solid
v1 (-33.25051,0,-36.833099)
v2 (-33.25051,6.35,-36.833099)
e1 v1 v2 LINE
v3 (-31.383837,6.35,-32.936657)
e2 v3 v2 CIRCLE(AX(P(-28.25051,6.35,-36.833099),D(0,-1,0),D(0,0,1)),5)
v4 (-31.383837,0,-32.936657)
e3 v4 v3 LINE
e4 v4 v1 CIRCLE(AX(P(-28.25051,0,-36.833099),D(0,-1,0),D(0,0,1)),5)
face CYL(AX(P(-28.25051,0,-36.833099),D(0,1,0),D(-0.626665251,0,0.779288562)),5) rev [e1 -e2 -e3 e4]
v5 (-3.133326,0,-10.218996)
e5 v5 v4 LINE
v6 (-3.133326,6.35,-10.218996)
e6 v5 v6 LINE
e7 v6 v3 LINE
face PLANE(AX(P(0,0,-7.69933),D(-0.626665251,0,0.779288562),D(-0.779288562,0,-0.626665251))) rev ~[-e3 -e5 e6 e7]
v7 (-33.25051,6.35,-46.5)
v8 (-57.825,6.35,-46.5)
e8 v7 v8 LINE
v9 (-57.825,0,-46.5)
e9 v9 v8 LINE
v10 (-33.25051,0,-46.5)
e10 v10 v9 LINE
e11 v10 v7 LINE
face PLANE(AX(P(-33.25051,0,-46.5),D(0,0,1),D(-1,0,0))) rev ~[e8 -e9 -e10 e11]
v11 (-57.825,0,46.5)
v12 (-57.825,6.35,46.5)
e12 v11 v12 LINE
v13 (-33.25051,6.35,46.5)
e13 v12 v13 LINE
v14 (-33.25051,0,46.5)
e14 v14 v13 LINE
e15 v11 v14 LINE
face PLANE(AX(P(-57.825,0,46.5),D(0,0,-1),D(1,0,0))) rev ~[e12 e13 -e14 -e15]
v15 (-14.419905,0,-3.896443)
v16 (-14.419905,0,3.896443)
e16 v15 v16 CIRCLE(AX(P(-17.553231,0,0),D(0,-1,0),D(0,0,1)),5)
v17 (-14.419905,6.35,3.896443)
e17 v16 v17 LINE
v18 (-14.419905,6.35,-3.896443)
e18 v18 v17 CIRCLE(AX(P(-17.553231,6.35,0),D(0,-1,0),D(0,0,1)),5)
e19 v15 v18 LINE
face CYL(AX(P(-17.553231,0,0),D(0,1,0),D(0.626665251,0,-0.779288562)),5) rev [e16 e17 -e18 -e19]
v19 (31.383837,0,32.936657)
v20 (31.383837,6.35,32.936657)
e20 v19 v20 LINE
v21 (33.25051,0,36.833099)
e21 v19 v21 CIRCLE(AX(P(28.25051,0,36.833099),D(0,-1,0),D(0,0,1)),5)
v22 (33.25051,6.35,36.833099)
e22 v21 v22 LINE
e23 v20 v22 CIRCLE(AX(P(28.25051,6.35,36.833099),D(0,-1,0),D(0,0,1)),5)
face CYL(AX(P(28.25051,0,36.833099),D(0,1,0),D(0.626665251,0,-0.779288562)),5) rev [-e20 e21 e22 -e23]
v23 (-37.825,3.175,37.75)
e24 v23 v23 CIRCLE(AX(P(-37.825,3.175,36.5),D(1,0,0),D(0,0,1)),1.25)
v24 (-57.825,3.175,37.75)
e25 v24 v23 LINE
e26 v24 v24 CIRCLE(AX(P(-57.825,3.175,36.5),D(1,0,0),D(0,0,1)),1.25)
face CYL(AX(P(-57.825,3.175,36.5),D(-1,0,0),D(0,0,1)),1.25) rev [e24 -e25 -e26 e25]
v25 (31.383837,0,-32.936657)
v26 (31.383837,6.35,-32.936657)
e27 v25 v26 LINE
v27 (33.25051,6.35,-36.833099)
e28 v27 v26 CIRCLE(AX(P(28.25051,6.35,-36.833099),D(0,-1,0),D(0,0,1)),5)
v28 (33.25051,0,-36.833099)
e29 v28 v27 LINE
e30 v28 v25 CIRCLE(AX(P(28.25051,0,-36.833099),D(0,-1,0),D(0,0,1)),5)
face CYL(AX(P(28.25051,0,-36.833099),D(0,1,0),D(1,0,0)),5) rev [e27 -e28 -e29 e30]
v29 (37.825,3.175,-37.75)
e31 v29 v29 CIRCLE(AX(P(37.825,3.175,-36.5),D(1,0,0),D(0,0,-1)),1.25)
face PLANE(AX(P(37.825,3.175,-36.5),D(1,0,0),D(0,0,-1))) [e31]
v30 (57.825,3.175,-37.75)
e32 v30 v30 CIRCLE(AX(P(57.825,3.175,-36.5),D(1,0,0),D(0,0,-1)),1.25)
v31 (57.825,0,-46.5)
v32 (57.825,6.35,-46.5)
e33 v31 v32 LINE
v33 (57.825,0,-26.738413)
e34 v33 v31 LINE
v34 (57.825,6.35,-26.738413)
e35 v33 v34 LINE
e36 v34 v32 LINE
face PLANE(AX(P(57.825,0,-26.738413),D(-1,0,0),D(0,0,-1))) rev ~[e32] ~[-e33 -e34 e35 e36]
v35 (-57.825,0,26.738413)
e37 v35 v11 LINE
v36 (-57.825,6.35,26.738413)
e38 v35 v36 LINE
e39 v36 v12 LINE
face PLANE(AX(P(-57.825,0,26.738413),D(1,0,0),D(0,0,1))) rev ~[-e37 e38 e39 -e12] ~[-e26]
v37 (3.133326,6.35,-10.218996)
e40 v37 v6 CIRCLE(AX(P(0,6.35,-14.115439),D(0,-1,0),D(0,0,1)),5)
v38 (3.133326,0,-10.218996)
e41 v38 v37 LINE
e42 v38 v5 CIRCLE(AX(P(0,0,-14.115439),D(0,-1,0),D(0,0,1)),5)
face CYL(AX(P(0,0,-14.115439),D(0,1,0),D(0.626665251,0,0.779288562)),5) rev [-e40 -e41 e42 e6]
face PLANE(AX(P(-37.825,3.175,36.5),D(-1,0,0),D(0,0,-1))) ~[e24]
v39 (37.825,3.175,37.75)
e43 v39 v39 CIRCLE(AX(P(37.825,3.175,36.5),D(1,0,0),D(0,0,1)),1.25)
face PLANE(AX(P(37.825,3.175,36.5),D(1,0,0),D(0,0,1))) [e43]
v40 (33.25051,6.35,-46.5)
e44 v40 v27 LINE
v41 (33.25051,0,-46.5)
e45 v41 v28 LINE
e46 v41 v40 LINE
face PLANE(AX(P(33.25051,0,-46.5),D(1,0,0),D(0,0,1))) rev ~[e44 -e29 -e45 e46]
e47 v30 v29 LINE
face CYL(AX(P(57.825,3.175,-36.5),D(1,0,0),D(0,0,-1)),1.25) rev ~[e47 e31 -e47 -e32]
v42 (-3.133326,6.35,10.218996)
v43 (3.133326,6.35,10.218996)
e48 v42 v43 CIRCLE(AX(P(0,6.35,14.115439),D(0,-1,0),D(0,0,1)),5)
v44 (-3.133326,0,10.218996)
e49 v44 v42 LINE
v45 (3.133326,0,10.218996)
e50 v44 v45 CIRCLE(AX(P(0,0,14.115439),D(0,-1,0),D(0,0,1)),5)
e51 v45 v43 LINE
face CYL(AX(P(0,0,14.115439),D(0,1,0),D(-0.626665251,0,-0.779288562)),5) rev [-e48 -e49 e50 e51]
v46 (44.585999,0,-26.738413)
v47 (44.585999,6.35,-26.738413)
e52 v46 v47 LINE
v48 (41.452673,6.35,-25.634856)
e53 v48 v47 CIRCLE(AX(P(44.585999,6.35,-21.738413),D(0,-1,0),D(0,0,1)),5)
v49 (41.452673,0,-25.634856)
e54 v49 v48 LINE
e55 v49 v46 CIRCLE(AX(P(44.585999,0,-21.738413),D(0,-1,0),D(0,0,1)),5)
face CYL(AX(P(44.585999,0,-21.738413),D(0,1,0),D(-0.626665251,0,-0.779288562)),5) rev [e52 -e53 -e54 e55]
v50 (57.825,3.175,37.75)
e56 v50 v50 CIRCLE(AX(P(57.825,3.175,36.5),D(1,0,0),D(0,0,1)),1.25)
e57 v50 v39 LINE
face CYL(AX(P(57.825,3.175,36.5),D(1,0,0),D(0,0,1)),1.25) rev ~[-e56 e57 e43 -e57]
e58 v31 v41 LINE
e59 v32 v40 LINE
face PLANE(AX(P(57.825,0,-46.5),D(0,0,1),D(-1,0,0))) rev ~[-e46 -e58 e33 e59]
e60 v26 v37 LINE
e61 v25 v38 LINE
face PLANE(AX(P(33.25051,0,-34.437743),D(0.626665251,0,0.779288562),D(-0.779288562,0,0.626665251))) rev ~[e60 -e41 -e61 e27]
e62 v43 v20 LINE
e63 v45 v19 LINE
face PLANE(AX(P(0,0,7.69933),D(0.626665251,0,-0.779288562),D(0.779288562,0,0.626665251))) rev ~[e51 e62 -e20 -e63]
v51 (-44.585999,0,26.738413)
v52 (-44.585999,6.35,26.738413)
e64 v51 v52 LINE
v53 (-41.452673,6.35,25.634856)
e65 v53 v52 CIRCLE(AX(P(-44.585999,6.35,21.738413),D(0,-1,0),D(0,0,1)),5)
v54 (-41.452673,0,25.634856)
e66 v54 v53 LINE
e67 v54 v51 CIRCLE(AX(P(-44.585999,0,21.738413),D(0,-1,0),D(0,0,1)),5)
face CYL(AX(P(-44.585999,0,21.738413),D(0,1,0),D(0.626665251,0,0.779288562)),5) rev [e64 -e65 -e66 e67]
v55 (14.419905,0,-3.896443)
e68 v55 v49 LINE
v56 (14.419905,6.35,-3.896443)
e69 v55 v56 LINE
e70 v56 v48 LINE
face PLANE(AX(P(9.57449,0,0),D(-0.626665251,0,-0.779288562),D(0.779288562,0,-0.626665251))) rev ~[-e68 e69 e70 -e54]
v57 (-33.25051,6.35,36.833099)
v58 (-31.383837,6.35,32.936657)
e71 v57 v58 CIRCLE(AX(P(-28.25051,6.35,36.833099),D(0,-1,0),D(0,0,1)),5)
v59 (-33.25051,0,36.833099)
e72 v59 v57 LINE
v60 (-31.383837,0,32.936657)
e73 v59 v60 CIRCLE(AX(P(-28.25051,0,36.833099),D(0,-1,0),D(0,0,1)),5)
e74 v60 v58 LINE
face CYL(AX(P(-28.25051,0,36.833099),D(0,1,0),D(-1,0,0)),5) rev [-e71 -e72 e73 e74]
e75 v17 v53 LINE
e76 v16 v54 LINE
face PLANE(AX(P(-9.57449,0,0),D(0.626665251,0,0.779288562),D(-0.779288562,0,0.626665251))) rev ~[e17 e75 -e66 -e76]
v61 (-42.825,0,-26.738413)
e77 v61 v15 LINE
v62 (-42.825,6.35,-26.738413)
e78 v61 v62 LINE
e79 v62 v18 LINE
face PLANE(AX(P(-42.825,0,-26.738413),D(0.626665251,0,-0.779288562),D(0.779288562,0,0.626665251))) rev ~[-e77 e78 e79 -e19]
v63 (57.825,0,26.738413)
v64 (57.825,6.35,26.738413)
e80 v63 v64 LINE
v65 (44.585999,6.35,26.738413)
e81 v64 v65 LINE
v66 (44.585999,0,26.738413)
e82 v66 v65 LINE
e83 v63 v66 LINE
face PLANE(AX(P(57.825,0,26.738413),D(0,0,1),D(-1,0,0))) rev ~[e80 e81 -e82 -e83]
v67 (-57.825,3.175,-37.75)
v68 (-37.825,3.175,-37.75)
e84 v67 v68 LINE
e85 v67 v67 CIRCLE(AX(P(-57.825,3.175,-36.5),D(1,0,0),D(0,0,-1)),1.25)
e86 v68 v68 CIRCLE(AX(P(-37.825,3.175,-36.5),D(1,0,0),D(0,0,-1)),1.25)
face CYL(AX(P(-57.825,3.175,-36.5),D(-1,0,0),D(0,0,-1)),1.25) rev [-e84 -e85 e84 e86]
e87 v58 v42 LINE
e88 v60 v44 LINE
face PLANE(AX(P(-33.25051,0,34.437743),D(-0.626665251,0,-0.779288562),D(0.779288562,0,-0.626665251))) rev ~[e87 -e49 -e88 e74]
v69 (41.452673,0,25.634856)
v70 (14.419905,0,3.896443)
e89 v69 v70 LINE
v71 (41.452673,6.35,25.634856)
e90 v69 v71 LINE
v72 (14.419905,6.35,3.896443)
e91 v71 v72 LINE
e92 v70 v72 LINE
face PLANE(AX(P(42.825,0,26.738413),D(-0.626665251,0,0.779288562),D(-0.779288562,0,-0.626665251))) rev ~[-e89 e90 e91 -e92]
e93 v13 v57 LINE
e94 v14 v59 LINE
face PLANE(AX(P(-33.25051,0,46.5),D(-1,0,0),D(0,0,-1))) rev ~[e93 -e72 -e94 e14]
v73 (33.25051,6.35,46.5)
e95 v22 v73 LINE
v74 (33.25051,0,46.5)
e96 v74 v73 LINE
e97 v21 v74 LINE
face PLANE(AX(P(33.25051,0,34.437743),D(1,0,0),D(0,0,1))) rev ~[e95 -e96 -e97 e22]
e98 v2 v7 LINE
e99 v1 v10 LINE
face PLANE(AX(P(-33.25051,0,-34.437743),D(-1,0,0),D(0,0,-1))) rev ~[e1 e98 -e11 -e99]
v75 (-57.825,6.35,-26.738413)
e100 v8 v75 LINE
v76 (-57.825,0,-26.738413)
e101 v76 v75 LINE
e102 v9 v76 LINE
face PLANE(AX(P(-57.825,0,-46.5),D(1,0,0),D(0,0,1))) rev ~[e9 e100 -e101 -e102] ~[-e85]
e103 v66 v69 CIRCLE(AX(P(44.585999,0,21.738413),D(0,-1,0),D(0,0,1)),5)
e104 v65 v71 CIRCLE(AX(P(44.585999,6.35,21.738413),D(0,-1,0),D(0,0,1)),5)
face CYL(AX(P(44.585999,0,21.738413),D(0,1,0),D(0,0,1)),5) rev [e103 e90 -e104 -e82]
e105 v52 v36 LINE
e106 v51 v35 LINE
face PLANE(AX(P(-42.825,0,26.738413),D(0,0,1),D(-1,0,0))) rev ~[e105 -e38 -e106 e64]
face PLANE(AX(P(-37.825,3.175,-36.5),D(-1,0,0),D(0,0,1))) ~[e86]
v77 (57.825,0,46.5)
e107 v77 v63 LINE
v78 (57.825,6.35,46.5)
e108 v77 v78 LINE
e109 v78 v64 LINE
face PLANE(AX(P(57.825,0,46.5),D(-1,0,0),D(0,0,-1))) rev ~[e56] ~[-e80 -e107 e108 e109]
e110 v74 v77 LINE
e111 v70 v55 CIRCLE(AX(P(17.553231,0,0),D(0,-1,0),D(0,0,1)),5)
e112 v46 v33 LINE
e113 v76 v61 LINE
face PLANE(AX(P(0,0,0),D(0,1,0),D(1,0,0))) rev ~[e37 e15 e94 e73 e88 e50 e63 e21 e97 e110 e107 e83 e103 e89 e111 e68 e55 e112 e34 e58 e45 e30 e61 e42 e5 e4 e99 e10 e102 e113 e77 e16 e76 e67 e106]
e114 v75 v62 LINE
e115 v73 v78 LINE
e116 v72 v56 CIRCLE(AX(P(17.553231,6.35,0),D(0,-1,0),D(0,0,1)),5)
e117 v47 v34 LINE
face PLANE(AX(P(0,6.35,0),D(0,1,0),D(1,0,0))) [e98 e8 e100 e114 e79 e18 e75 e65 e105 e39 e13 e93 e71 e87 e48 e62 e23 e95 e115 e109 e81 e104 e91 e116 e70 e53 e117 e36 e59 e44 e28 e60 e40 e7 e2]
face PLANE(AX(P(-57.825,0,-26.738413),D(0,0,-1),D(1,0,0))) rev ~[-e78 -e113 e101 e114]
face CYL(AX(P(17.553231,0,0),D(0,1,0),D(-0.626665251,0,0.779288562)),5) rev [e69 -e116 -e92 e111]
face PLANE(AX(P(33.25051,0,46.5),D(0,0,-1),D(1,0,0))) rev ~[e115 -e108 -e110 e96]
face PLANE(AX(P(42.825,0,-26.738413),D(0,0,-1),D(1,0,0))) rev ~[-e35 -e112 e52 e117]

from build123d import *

# Parameters (mm, degrees)
BOSS_EXTRUDE1_DEPTH = 6.35
FILLET1_R           = 5
SKETCH2_R           = 1.25
CUT_EXTRUDE1_DEPTH  = 20


with BuildPart() as part:
    # Sketch1 → Boss-Extrude1 (new body)
    with BuildSketch(Plane(origin=(0, 0, 0), x_dir=(1, 0, 0), z_dir=(0, 1, 0))):
        Polygon((-57.825, 26.738412941), (-42.825, 26.738412941), (-9.574489714, 0), (-42.825, -26.738412941), (-57.825, -26.738412941), (-57.825, -46.5), (-33.250510286, -46.5), (-33.250510286, -34.437743191), (0, -7.69933025), (33.250510286, -34.437743191), (33.250510286, -46.5), (57.825, -46.5), (57.825, -26.738412941), (42.825, -26.738412941), (9.574489714, 0), (42.825, 26.738412941), (57.825, 26.738412941), (57.825, 46.5), (33.250510286, 46.5), (33.250510286, 34.437743191), (0, 7.69933025), (-33.250510286, 34.437743191), (-33.250510286, 46.5), (-57.825, 46.5), align=None)
    extrude(amount=BOSS_EXTRUDE1_DEPTH)

    # Fillet1
    fillet1_edges = [part.edges().sort_by_distance(p)[0] for p in [
        (-33.250510286, 3.175, -34.437743191),
        (0, 3.175, -7.69933025),
        (33.250510286, 3.175, -34.437743191),
        (42.825, 3.175, -26.738412941),
        (9.574489714, 3.175, 0),
        (42.825, 3.175, 26.738412941),
        (33.250510286, 3.175, 34.437743191),
        (0, 3.175, 7.69933025),
        (-33.250510286, 3.175, 34.437743191),
        (-42.825, 3.175, 26.738412941),
        (-9.574489714, 3.175, 0),
    ]]
    fillet(fillet1_edges, radius=FILLET1_R)

    # Sketch2 → Cut-Extrude1 (cut)
    with BuildSketch(Plane(origin=(57.825, 0, 0), x_dir=(0, 0, -1), z_dir=(1, 0, 0))):
        with Locations((36.5, 3.175)):
            Circle(SKETCH2_R)
        with Locations(Location((-36.5, 3.175, 0), (0, 0, 180))):
            Circle(SKETCH2_R)
    cut_extrude1 = extrude(amount=-CUT_EXTRUDE1_DEPTH, mode=Mode.SUBTRACT)

    # Mirror1: Cut-Extrude1 across plane
    add(cut_extrude1.mirror(Plane(origin=(0, 0, 0), x_dir=(0, 0, 1), z_dir=(1, 0, 0))), mode=Mode.SUBTRACT)


solid = part.part
